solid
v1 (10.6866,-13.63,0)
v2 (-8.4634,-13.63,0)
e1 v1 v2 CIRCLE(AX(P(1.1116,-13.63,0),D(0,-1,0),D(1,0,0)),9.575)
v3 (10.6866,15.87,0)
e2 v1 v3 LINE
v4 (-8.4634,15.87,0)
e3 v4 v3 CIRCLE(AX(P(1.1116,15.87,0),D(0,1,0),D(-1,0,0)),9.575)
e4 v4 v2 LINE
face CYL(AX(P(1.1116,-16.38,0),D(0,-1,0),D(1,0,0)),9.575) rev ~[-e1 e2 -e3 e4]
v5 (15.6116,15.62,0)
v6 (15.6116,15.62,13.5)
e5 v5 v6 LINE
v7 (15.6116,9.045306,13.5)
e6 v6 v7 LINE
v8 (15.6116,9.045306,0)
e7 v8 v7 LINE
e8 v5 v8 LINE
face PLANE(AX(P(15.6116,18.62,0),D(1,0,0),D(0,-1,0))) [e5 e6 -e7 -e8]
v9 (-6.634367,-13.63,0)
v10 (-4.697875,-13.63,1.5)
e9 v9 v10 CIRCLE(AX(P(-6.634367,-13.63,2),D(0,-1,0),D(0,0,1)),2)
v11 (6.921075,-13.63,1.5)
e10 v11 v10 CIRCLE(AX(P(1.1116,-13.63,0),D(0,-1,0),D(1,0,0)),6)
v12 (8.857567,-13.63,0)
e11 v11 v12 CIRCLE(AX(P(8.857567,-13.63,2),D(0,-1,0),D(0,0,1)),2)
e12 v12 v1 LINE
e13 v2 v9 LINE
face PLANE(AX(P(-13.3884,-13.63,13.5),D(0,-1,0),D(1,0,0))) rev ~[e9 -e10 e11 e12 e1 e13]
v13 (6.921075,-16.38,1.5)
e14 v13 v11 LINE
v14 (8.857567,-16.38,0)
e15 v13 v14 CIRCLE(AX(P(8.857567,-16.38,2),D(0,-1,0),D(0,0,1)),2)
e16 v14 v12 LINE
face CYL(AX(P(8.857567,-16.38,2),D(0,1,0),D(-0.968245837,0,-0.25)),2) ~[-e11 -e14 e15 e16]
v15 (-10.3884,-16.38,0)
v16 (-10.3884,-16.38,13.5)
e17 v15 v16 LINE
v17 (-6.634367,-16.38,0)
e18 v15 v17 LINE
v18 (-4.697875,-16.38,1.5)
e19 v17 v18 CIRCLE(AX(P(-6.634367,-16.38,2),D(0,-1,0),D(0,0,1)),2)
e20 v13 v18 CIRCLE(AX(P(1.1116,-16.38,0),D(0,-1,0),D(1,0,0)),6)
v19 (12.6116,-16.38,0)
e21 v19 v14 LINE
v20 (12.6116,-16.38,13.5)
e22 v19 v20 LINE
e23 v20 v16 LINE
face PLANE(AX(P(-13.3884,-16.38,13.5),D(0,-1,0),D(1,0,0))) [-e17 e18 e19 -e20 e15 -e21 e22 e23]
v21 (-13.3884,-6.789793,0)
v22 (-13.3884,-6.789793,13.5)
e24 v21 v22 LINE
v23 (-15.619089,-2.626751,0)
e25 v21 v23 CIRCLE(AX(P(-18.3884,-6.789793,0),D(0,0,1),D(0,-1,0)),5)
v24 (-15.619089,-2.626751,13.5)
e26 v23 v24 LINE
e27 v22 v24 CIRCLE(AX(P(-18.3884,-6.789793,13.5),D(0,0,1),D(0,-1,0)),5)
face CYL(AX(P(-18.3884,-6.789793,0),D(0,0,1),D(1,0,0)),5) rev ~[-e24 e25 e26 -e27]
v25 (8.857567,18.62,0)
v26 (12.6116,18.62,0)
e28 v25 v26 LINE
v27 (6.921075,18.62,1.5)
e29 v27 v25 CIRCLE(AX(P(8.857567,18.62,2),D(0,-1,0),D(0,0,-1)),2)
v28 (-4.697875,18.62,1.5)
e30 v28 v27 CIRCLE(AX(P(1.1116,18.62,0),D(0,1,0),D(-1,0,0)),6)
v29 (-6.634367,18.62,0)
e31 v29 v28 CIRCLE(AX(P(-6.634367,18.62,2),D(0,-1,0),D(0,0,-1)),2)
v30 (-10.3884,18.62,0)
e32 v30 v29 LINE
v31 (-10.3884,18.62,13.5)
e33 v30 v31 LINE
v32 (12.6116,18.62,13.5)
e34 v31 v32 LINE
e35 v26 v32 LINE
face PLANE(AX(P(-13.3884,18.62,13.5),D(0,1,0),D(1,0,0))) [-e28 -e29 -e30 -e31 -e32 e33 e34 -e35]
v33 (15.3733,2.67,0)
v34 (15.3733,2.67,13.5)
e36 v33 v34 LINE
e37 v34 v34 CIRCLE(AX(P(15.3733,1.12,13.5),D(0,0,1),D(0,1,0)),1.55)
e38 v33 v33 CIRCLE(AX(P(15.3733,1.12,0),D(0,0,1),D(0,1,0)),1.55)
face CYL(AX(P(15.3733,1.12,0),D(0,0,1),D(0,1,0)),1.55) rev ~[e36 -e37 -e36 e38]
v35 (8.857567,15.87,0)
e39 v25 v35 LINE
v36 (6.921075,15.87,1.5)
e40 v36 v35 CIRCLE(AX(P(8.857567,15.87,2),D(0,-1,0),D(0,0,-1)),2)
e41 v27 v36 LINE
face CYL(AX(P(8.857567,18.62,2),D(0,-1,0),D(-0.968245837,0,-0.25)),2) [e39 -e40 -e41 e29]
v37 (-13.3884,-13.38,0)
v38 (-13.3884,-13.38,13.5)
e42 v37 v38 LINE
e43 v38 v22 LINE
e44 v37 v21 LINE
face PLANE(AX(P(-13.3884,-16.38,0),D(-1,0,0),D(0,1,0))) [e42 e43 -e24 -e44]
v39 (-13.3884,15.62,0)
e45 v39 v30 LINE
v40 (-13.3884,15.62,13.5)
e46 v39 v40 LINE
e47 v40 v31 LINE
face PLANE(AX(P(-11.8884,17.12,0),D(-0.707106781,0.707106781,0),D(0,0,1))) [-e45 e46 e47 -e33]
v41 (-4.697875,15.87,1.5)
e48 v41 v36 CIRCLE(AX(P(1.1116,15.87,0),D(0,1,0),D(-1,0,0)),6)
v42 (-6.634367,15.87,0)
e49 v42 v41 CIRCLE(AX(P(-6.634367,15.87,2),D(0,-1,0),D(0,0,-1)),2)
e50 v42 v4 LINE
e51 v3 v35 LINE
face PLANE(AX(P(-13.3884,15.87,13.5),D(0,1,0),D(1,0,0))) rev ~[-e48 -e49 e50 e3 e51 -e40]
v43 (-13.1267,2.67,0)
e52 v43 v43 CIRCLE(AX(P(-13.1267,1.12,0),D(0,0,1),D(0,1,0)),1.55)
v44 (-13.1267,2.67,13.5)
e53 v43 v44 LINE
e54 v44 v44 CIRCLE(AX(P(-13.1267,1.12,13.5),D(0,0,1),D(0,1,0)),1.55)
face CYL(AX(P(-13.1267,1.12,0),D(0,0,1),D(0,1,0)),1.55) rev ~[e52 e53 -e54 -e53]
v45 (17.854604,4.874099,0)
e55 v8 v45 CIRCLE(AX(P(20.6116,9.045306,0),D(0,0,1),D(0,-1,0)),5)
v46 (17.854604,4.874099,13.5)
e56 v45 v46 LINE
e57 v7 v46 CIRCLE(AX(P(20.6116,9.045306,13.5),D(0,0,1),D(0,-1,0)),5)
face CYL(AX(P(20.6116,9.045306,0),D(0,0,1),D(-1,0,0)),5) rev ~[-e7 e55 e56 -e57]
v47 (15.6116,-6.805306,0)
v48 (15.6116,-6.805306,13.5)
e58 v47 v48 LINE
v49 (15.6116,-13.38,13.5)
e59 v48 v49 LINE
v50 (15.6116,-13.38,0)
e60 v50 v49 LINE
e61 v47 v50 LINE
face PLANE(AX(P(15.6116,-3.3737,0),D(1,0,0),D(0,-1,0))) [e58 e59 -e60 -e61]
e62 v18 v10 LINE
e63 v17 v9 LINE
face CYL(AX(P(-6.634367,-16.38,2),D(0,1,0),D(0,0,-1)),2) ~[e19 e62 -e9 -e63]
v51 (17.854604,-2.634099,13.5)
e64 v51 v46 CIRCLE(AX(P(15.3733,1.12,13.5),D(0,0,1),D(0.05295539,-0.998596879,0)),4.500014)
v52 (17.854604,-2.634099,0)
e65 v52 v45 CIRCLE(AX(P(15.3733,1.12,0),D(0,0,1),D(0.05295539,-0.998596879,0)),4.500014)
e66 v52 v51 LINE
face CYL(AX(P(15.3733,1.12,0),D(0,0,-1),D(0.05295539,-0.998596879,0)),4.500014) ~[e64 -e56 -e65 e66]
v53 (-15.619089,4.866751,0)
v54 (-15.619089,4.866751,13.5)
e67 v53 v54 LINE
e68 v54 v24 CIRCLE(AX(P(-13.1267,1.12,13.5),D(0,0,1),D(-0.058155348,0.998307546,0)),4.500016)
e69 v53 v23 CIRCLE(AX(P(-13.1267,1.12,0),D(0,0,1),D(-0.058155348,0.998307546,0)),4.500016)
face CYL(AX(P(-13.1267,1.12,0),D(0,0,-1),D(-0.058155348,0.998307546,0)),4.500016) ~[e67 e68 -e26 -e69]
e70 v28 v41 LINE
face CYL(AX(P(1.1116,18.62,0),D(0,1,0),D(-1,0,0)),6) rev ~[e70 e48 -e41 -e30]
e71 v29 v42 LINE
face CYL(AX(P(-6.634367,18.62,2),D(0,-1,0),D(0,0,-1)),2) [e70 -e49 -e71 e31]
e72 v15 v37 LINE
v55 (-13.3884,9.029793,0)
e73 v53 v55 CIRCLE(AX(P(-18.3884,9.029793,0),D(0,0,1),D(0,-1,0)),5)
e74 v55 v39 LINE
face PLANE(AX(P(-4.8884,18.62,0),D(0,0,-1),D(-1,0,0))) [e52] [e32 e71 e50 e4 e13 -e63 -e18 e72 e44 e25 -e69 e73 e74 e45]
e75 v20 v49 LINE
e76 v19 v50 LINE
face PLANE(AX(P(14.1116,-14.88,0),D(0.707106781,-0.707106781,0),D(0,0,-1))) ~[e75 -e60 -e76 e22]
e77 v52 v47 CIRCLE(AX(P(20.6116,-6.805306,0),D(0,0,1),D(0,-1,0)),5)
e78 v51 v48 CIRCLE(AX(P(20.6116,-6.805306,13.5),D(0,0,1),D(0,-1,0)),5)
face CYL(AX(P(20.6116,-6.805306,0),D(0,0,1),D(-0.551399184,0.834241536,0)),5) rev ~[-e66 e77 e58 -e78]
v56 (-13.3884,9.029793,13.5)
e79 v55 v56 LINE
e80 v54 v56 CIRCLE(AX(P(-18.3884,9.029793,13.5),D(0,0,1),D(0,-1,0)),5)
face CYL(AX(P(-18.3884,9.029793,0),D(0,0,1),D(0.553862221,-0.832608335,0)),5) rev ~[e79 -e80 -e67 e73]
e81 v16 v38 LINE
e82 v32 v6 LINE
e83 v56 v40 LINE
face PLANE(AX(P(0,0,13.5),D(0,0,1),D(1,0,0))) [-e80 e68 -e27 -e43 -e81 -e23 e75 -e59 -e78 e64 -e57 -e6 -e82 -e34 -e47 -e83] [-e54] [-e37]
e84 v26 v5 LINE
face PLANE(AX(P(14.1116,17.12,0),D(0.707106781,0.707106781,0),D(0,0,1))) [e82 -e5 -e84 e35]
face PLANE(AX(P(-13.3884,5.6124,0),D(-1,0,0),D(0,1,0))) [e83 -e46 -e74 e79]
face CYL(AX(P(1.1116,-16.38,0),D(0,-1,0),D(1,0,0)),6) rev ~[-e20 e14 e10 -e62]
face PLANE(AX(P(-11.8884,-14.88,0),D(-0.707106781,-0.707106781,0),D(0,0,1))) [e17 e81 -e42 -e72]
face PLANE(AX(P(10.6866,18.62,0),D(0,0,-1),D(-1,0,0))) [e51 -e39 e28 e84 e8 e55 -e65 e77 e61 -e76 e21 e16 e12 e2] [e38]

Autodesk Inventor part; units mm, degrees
ref_plane "YZ Plane" through (0, 0, 0) normal (1, 0, 0) x (0, 1, 0)
ref_plane "XZ Plane" through (0, 0, 0) normal (0, 1, 0) x (-1, 0, 0)
ref_plane "XY Plane" through (0, 0, 0) normal (0, 0, 1) x (1, 0, 0)
sketch "Szkic1" plane through (0, 0, 0) normal (0, 0, 1) x (1, 0, 0)
  line L0 (-13.3884, 18.62) -> (15.6116, 18.62)
  line L1 (15.6116, 18.62) -> (15.6116, -16.38)
  line L2 (15.6116, -16.38) -> (-13.3884, -16.38)
  line L3 (-13.3884, -16.38) -> (-13.3884, 18.62)
  arc A0 (-13.3884, 5.6124) -> (-13.3884, -3.3724) centre (-13.1267, 1.12) ccw
  arc A1 (15.6116, -3.3737) -> (15.6116, 5.6137) centre (15.3733, 1.12) ccw
  point P0 (0, 0)
  dimension "d2" = 35
  dimension "d5" = 28.5
  dimension "d6" = 29
  dimension "d7" = 17.5
  dimension "d8" = 17.5
  dimension "d9" = 9
  dimension "d10" = 9
extrude "Wyciągnięcie proste1" add sketch "Szkic1" along normal blind 13.5
hole "Otwór1" at (-13.1267, 1.12, 0) at (15.3733, 1.12, 0) direction (0, 0, 1) diameter 3.1 end through all
sketch "Szkic2" plane through (-13.3884, -16.38, 0) normal (0, -1, 0) x (1, 0, 0)
  line L0 (29, 0) -> (0, 0) projected
  line L1 (29, 0) -> (29, 13.5) projected
  line L2 (0, 13.5) -> (29, 13.5) projected
  line L3 (0, 0) -> (0, 13.5) projected
  circle A0 centre (14.5, 0) radius 9.575
  point P0 (13.3884, 0)
  dimension "d18" = 13.5
  dimension "d19" = 14.5
  dimension "d20" = 29
  dimension "d21" = 19.15
extrude "Wyciągnięcie proste2" cut sketch "Szkic2" against normal through all contours A0 L0 | L0 A0
sketch "Szkic3" plane through (-13.3884, -16.38, 13.5) normal (0, -1, 0) x (1, 0, 0)
  arc A0 (24.075, -13.5) -> (4.925, -13.5) centre (14.5, -13.5) ccw projected
  line L0 (29, -13.5) -> (24.075, -13.5) projected
  line L1 (29, -13.5) -> (29, 0) projected
  line L2 (0, 0) -> (29, 0) projected
  line L3 (0, -13.5) -> (0, 0) projected
  line L4 (4.925, -13.5) -> (0, -13.5) projected
  arc A1 (20.5, -13.5) -> (8.5, -13.5) centre (14.5, -13.5) ccw
  line L5 (0, -13.5) -> (4.925, -13.5) projected
  arc A2 (24.075, -13.5) -> (4.925, -13.5) centre (14.5, -13.5) ccw projected
  line L6 (4.925, -13.5) -> (24.075, -13.5)
  point P0 (13.3884, -13.5)
  dimension "d24" = 12
extrude "Wyciągnięcie proste3" add sketch "Szkic3" against normal blind 2.75 contours L6 A1 A0
sketch "Szkic4" plane through (-13.3884, 18.62, 13.5) normal (0, 1, 0) x (1, 0, 0)
  line L0 (8.5, 13.5) -> (4.925, 13.5) projected
  arc A0 (4.925, 13.5) -> (24.075, 13.5) centre (14.5, 13.5) ccw projected
  line L1 (24.075, 13.5) -> (20.5, 13.5) projected
  arc A1 (8.5, 13.5) -> (20.5, 13.5) centre (14.5, 13.5) ccw projected
  arc A2 (4.925, 13.5) -> (24.075, 13.5) centre (14.5, 13.5) ccw projected
  line L2 (0, 13.5) -> (4.925, 13.5) projected
  line L3 (0, 13.5) -> (0, 0) projected
  line L4 (29, 0) -> (0, 0) projected
  line L5 (29, 13.5) -> (29, 0) projected
  line L6 (24.075, 13.5) -> (29, 13.5) projected
  point P0 (13.3884, 13.5)
extrude "Wyciągnięcie proste4" add sketch "Szkic4" against normal blind 2.75 contours A1 L1 A0 L0
fillet "Zaokrąglenie1" radius 5 4 edges at (15.6116, 5.6137, 6.75) (15.6116, -3.3737, 6.75) (-13.3884, -3.3724, 6.75) (-13.3884, 5.6124, 6.75)
fillet "Zaokrąglenie2" radius 2 4 edges at (7.1116, -15.005, 0) (-4.8884, -15.005, 0) (7.1116, 17.245, 0) (-4.8884, 17.245, 0)
chamfer "Faza1" distance 3 angle 45 4 edges at (-13.3884, 18.62, 6.75) (15.6116, 18.62, 6.75) (-13.3884, -16.38, 6.75) (15.6116, -16.38, 6.75)
equation "\"d7\" = 0.5 * d2"
equation "\"d8\" = d7"
equation "\"d19\" = 0.5 * d20"
properties part number "3DP_ABS_Y_Axis_Linear_Bearing_Mount_Top"
